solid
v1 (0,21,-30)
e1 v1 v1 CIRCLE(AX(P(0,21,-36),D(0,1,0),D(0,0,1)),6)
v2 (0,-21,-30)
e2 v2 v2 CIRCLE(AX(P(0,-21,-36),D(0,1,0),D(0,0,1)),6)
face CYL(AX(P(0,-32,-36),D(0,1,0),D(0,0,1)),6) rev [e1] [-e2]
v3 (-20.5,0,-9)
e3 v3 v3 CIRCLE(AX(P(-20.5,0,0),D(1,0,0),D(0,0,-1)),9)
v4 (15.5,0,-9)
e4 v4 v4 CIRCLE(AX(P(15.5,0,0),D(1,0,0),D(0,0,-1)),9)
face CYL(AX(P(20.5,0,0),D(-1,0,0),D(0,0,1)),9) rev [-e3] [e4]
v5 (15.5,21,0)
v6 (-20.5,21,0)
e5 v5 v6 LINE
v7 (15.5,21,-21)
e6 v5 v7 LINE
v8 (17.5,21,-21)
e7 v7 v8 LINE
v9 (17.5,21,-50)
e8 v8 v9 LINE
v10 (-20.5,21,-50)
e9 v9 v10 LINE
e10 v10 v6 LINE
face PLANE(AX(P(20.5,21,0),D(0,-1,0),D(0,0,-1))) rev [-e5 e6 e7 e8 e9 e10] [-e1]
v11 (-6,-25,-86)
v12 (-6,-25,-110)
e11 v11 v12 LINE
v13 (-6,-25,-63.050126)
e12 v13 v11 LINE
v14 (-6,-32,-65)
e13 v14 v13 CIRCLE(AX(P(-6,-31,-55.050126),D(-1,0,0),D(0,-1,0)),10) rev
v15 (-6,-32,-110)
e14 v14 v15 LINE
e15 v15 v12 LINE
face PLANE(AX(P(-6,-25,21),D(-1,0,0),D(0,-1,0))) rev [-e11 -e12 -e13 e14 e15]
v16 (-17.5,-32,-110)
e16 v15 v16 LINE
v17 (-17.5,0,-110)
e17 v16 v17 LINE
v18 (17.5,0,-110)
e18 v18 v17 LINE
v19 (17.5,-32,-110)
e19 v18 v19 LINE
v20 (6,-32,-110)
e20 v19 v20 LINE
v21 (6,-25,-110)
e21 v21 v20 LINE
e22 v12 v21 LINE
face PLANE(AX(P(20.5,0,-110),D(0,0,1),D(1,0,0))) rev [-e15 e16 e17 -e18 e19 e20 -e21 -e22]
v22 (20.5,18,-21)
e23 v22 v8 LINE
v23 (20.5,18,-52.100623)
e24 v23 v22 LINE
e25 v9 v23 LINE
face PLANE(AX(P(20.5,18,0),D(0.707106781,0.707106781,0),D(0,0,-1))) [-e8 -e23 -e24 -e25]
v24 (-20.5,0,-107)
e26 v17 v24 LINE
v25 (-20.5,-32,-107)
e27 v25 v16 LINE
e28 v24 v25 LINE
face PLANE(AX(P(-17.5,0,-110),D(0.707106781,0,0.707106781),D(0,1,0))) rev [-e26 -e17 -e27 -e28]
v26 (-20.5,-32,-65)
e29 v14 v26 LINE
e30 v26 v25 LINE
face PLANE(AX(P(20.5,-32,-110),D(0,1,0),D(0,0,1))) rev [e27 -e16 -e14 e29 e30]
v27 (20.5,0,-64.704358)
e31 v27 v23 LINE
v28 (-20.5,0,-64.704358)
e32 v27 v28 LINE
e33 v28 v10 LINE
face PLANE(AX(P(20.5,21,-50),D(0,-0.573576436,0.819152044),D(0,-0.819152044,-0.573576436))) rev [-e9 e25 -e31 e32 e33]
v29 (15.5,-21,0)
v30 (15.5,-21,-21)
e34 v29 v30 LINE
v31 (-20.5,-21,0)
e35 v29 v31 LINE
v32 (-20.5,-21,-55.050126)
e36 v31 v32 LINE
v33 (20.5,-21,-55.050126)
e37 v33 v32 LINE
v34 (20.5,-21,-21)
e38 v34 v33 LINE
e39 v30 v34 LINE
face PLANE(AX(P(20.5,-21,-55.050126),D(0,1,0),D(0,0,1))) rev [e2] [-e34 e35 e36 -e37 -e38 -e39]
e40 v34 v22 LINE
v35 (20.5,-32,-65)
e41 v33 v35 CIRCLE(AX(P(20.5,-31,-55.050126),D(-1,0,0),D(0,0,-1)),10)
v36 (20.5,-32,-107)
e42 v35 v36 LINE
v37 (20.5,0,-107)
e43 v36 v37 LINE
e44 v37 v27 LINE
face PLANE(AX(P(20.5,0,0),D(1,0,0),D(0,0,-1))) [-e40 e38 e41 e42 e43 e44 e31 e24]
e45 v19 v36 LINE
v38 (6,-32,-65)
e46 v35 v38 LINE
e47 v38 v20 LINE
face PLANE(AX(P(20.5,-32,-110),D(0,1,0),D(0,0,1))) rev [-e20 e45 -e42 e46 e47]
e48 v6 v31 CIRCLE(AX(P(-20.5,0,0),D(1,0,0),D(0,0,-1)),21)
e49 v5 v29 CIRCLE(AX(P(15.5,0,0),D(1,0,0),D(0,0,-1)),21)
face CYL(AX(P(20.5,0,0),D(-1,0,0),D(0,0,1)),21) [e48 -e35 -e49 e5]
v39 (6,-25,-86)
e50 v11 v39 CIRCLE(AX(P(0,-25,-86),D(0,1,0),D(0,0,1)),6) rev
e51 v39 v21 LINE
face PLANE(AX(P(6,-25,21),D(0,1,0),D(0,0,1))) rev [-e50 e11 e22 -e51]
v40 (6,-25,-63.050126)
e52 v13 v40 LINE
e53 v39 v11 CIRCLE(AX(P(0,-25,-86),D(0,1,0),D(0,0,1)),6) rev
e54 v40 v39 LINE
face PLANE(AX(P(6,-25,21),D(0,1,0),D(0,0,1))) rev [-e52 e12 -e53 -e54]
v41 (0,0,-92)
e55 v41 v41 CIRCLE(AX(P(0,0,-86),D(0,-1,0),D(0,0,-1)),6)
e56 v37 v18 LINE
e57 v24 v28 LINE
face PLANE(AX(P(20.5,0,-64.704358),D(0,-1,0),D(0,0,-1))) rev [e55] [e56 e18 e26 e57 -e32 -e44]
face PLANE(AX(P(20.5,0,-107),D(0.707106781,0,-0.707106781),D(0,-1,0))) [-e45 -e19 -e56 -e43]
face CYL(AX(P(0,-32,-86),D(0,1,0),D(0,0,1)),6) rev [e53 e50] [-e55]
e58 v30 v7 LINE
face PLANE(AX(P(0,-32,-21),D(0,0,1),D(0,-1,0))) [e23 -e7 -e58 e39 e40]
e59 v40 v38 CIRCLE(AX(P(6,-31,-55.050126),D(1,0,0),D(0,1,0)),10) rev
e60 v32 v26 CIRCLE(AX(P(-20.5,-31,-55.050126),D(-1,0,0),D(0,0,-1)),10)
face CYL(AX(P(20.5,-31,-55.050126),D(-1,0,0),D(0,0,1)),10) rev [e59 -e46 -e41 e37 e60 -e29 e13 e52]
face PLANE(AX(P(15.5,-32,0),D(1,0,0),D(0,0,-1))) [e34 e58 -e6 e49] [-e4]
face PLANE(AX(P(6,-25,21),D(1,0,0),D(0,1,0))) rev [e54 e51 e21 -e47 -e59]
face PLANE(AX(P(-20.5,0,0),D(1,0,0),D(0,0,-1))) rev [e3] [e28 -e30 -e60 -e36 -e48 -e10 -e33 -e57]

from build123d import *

# Parameters (mm, degrees)
SKETCH2_R           = 9
BOSS_EXTRUDE1_DEPTH = 20.5
SKETCH3_W           = 5
SKETCH3_H           = 21
CUT_EXTRUDE1_DEPTH  = 124.81134843
SKETCH4_W           = 12
SKETCH4_H           = 7
CUT_EXTRUDE2_DEPTH  = 137.401063046
CHAMFER2_SIZE       = 3


with BuildPart() as part:
    # Sketch2 → Boss-Extrude1 (new, symmetric)
    with BuildSketch(Plane(origin=(0, 0, 0), x_dir=(0, 0, -1), z_dir=(1, 0, 0))):
        with BuildLine():
            Line((0, 21), (50, 21))
            Line((50, 21), (64.704358302, 0))
            Line((64.704358302, 0), (110, 0))
            Line((110, 0), (110, -32))
            Line((110, -32), (65, -32))
            ThreePointArc((65, -32), (62.466324116, -24.291796068), (55.050125629, -21))
            Line((55.050125629, -21), (0, -21))
            ThreePointArc((0, -21), (-21, 0), (0, 21))
        make_face()
        Circle(SKETCH2_R, mode=Mode.SUBTRACT)
    extrude(amount=BOSS_EXTRUDE1_DEPTH, both=True)

    # Sketch3 → Cut-Extrude1 (cut, through all)
    with BuildSketch(Plane(origin=(0, 21, 0), x_dir=(1, 0, 0), z_dir=(0, 1, 0))):
        with Locations((18, -10.5)):
            Rectangle(SKETCH3_W, SKETCH3_H)
        with Locations((18, 10.5)):
            Rectangle(SKETCH3_W, SKETCH3_H)
        with BuildLine():
            ThreePointArc((0, 42), (-6, 36), (0, 30))
            Line((0, 30), (0, 42))
        make_face()
        with BuildLine():
            Line((0, 42), (0, 30))
            ThreePointArc((0, 30), (4.242640687, 31.757359313), (6, 36))
            ThreePointArc((6, 36), (4.242640687, 40.242640687), (0, 42))
        make_face()
        with BuildLine():
            ThreePointArc((6, 86), (4.242640687, 90.242640687), (0, 92))
            Line((0, 92), (0, 80))
            ThreePointArc((0, 80), (4.242640687, 81.757359313), (6, 86))
        make_face()
        with BuildLine():
            Line((0, 80), (0, 92))
            ThreePointArc((0, 92), (-6, 86), (0, 80))
        make_face()
    extrude(amount=-CUT_EXTRUDE1_DEPTH, mode=Mode.SUBTRACT)

    # Sketch4 → Cut-Extrude2 (cut, through all)
    with BuildSketch(Plane(origin=(0, 0, -110), x_dir=(-1, 0, 0), z_dir=(0, 0, -1))):
        with Locations((0, -28.5)):
            Rectangle(SKETCH4_W, SKETCH4_H)
    extrude(amount=-CUT_EXTRUDE2_DEPTH, mode=Mode.SUBTRACT)

    # Chamfer2
    chamfer2_edges = [part.edges().sort_by_distance(p)[0] for p in [
        (20.5, -16, -110),
        (20.5, 21, -35.5),
        (-20.5, -16, -110),
    ]]
    chamfer(chamfer2_edges, length=CHAMFER2_SIZE)


solid = part.part
